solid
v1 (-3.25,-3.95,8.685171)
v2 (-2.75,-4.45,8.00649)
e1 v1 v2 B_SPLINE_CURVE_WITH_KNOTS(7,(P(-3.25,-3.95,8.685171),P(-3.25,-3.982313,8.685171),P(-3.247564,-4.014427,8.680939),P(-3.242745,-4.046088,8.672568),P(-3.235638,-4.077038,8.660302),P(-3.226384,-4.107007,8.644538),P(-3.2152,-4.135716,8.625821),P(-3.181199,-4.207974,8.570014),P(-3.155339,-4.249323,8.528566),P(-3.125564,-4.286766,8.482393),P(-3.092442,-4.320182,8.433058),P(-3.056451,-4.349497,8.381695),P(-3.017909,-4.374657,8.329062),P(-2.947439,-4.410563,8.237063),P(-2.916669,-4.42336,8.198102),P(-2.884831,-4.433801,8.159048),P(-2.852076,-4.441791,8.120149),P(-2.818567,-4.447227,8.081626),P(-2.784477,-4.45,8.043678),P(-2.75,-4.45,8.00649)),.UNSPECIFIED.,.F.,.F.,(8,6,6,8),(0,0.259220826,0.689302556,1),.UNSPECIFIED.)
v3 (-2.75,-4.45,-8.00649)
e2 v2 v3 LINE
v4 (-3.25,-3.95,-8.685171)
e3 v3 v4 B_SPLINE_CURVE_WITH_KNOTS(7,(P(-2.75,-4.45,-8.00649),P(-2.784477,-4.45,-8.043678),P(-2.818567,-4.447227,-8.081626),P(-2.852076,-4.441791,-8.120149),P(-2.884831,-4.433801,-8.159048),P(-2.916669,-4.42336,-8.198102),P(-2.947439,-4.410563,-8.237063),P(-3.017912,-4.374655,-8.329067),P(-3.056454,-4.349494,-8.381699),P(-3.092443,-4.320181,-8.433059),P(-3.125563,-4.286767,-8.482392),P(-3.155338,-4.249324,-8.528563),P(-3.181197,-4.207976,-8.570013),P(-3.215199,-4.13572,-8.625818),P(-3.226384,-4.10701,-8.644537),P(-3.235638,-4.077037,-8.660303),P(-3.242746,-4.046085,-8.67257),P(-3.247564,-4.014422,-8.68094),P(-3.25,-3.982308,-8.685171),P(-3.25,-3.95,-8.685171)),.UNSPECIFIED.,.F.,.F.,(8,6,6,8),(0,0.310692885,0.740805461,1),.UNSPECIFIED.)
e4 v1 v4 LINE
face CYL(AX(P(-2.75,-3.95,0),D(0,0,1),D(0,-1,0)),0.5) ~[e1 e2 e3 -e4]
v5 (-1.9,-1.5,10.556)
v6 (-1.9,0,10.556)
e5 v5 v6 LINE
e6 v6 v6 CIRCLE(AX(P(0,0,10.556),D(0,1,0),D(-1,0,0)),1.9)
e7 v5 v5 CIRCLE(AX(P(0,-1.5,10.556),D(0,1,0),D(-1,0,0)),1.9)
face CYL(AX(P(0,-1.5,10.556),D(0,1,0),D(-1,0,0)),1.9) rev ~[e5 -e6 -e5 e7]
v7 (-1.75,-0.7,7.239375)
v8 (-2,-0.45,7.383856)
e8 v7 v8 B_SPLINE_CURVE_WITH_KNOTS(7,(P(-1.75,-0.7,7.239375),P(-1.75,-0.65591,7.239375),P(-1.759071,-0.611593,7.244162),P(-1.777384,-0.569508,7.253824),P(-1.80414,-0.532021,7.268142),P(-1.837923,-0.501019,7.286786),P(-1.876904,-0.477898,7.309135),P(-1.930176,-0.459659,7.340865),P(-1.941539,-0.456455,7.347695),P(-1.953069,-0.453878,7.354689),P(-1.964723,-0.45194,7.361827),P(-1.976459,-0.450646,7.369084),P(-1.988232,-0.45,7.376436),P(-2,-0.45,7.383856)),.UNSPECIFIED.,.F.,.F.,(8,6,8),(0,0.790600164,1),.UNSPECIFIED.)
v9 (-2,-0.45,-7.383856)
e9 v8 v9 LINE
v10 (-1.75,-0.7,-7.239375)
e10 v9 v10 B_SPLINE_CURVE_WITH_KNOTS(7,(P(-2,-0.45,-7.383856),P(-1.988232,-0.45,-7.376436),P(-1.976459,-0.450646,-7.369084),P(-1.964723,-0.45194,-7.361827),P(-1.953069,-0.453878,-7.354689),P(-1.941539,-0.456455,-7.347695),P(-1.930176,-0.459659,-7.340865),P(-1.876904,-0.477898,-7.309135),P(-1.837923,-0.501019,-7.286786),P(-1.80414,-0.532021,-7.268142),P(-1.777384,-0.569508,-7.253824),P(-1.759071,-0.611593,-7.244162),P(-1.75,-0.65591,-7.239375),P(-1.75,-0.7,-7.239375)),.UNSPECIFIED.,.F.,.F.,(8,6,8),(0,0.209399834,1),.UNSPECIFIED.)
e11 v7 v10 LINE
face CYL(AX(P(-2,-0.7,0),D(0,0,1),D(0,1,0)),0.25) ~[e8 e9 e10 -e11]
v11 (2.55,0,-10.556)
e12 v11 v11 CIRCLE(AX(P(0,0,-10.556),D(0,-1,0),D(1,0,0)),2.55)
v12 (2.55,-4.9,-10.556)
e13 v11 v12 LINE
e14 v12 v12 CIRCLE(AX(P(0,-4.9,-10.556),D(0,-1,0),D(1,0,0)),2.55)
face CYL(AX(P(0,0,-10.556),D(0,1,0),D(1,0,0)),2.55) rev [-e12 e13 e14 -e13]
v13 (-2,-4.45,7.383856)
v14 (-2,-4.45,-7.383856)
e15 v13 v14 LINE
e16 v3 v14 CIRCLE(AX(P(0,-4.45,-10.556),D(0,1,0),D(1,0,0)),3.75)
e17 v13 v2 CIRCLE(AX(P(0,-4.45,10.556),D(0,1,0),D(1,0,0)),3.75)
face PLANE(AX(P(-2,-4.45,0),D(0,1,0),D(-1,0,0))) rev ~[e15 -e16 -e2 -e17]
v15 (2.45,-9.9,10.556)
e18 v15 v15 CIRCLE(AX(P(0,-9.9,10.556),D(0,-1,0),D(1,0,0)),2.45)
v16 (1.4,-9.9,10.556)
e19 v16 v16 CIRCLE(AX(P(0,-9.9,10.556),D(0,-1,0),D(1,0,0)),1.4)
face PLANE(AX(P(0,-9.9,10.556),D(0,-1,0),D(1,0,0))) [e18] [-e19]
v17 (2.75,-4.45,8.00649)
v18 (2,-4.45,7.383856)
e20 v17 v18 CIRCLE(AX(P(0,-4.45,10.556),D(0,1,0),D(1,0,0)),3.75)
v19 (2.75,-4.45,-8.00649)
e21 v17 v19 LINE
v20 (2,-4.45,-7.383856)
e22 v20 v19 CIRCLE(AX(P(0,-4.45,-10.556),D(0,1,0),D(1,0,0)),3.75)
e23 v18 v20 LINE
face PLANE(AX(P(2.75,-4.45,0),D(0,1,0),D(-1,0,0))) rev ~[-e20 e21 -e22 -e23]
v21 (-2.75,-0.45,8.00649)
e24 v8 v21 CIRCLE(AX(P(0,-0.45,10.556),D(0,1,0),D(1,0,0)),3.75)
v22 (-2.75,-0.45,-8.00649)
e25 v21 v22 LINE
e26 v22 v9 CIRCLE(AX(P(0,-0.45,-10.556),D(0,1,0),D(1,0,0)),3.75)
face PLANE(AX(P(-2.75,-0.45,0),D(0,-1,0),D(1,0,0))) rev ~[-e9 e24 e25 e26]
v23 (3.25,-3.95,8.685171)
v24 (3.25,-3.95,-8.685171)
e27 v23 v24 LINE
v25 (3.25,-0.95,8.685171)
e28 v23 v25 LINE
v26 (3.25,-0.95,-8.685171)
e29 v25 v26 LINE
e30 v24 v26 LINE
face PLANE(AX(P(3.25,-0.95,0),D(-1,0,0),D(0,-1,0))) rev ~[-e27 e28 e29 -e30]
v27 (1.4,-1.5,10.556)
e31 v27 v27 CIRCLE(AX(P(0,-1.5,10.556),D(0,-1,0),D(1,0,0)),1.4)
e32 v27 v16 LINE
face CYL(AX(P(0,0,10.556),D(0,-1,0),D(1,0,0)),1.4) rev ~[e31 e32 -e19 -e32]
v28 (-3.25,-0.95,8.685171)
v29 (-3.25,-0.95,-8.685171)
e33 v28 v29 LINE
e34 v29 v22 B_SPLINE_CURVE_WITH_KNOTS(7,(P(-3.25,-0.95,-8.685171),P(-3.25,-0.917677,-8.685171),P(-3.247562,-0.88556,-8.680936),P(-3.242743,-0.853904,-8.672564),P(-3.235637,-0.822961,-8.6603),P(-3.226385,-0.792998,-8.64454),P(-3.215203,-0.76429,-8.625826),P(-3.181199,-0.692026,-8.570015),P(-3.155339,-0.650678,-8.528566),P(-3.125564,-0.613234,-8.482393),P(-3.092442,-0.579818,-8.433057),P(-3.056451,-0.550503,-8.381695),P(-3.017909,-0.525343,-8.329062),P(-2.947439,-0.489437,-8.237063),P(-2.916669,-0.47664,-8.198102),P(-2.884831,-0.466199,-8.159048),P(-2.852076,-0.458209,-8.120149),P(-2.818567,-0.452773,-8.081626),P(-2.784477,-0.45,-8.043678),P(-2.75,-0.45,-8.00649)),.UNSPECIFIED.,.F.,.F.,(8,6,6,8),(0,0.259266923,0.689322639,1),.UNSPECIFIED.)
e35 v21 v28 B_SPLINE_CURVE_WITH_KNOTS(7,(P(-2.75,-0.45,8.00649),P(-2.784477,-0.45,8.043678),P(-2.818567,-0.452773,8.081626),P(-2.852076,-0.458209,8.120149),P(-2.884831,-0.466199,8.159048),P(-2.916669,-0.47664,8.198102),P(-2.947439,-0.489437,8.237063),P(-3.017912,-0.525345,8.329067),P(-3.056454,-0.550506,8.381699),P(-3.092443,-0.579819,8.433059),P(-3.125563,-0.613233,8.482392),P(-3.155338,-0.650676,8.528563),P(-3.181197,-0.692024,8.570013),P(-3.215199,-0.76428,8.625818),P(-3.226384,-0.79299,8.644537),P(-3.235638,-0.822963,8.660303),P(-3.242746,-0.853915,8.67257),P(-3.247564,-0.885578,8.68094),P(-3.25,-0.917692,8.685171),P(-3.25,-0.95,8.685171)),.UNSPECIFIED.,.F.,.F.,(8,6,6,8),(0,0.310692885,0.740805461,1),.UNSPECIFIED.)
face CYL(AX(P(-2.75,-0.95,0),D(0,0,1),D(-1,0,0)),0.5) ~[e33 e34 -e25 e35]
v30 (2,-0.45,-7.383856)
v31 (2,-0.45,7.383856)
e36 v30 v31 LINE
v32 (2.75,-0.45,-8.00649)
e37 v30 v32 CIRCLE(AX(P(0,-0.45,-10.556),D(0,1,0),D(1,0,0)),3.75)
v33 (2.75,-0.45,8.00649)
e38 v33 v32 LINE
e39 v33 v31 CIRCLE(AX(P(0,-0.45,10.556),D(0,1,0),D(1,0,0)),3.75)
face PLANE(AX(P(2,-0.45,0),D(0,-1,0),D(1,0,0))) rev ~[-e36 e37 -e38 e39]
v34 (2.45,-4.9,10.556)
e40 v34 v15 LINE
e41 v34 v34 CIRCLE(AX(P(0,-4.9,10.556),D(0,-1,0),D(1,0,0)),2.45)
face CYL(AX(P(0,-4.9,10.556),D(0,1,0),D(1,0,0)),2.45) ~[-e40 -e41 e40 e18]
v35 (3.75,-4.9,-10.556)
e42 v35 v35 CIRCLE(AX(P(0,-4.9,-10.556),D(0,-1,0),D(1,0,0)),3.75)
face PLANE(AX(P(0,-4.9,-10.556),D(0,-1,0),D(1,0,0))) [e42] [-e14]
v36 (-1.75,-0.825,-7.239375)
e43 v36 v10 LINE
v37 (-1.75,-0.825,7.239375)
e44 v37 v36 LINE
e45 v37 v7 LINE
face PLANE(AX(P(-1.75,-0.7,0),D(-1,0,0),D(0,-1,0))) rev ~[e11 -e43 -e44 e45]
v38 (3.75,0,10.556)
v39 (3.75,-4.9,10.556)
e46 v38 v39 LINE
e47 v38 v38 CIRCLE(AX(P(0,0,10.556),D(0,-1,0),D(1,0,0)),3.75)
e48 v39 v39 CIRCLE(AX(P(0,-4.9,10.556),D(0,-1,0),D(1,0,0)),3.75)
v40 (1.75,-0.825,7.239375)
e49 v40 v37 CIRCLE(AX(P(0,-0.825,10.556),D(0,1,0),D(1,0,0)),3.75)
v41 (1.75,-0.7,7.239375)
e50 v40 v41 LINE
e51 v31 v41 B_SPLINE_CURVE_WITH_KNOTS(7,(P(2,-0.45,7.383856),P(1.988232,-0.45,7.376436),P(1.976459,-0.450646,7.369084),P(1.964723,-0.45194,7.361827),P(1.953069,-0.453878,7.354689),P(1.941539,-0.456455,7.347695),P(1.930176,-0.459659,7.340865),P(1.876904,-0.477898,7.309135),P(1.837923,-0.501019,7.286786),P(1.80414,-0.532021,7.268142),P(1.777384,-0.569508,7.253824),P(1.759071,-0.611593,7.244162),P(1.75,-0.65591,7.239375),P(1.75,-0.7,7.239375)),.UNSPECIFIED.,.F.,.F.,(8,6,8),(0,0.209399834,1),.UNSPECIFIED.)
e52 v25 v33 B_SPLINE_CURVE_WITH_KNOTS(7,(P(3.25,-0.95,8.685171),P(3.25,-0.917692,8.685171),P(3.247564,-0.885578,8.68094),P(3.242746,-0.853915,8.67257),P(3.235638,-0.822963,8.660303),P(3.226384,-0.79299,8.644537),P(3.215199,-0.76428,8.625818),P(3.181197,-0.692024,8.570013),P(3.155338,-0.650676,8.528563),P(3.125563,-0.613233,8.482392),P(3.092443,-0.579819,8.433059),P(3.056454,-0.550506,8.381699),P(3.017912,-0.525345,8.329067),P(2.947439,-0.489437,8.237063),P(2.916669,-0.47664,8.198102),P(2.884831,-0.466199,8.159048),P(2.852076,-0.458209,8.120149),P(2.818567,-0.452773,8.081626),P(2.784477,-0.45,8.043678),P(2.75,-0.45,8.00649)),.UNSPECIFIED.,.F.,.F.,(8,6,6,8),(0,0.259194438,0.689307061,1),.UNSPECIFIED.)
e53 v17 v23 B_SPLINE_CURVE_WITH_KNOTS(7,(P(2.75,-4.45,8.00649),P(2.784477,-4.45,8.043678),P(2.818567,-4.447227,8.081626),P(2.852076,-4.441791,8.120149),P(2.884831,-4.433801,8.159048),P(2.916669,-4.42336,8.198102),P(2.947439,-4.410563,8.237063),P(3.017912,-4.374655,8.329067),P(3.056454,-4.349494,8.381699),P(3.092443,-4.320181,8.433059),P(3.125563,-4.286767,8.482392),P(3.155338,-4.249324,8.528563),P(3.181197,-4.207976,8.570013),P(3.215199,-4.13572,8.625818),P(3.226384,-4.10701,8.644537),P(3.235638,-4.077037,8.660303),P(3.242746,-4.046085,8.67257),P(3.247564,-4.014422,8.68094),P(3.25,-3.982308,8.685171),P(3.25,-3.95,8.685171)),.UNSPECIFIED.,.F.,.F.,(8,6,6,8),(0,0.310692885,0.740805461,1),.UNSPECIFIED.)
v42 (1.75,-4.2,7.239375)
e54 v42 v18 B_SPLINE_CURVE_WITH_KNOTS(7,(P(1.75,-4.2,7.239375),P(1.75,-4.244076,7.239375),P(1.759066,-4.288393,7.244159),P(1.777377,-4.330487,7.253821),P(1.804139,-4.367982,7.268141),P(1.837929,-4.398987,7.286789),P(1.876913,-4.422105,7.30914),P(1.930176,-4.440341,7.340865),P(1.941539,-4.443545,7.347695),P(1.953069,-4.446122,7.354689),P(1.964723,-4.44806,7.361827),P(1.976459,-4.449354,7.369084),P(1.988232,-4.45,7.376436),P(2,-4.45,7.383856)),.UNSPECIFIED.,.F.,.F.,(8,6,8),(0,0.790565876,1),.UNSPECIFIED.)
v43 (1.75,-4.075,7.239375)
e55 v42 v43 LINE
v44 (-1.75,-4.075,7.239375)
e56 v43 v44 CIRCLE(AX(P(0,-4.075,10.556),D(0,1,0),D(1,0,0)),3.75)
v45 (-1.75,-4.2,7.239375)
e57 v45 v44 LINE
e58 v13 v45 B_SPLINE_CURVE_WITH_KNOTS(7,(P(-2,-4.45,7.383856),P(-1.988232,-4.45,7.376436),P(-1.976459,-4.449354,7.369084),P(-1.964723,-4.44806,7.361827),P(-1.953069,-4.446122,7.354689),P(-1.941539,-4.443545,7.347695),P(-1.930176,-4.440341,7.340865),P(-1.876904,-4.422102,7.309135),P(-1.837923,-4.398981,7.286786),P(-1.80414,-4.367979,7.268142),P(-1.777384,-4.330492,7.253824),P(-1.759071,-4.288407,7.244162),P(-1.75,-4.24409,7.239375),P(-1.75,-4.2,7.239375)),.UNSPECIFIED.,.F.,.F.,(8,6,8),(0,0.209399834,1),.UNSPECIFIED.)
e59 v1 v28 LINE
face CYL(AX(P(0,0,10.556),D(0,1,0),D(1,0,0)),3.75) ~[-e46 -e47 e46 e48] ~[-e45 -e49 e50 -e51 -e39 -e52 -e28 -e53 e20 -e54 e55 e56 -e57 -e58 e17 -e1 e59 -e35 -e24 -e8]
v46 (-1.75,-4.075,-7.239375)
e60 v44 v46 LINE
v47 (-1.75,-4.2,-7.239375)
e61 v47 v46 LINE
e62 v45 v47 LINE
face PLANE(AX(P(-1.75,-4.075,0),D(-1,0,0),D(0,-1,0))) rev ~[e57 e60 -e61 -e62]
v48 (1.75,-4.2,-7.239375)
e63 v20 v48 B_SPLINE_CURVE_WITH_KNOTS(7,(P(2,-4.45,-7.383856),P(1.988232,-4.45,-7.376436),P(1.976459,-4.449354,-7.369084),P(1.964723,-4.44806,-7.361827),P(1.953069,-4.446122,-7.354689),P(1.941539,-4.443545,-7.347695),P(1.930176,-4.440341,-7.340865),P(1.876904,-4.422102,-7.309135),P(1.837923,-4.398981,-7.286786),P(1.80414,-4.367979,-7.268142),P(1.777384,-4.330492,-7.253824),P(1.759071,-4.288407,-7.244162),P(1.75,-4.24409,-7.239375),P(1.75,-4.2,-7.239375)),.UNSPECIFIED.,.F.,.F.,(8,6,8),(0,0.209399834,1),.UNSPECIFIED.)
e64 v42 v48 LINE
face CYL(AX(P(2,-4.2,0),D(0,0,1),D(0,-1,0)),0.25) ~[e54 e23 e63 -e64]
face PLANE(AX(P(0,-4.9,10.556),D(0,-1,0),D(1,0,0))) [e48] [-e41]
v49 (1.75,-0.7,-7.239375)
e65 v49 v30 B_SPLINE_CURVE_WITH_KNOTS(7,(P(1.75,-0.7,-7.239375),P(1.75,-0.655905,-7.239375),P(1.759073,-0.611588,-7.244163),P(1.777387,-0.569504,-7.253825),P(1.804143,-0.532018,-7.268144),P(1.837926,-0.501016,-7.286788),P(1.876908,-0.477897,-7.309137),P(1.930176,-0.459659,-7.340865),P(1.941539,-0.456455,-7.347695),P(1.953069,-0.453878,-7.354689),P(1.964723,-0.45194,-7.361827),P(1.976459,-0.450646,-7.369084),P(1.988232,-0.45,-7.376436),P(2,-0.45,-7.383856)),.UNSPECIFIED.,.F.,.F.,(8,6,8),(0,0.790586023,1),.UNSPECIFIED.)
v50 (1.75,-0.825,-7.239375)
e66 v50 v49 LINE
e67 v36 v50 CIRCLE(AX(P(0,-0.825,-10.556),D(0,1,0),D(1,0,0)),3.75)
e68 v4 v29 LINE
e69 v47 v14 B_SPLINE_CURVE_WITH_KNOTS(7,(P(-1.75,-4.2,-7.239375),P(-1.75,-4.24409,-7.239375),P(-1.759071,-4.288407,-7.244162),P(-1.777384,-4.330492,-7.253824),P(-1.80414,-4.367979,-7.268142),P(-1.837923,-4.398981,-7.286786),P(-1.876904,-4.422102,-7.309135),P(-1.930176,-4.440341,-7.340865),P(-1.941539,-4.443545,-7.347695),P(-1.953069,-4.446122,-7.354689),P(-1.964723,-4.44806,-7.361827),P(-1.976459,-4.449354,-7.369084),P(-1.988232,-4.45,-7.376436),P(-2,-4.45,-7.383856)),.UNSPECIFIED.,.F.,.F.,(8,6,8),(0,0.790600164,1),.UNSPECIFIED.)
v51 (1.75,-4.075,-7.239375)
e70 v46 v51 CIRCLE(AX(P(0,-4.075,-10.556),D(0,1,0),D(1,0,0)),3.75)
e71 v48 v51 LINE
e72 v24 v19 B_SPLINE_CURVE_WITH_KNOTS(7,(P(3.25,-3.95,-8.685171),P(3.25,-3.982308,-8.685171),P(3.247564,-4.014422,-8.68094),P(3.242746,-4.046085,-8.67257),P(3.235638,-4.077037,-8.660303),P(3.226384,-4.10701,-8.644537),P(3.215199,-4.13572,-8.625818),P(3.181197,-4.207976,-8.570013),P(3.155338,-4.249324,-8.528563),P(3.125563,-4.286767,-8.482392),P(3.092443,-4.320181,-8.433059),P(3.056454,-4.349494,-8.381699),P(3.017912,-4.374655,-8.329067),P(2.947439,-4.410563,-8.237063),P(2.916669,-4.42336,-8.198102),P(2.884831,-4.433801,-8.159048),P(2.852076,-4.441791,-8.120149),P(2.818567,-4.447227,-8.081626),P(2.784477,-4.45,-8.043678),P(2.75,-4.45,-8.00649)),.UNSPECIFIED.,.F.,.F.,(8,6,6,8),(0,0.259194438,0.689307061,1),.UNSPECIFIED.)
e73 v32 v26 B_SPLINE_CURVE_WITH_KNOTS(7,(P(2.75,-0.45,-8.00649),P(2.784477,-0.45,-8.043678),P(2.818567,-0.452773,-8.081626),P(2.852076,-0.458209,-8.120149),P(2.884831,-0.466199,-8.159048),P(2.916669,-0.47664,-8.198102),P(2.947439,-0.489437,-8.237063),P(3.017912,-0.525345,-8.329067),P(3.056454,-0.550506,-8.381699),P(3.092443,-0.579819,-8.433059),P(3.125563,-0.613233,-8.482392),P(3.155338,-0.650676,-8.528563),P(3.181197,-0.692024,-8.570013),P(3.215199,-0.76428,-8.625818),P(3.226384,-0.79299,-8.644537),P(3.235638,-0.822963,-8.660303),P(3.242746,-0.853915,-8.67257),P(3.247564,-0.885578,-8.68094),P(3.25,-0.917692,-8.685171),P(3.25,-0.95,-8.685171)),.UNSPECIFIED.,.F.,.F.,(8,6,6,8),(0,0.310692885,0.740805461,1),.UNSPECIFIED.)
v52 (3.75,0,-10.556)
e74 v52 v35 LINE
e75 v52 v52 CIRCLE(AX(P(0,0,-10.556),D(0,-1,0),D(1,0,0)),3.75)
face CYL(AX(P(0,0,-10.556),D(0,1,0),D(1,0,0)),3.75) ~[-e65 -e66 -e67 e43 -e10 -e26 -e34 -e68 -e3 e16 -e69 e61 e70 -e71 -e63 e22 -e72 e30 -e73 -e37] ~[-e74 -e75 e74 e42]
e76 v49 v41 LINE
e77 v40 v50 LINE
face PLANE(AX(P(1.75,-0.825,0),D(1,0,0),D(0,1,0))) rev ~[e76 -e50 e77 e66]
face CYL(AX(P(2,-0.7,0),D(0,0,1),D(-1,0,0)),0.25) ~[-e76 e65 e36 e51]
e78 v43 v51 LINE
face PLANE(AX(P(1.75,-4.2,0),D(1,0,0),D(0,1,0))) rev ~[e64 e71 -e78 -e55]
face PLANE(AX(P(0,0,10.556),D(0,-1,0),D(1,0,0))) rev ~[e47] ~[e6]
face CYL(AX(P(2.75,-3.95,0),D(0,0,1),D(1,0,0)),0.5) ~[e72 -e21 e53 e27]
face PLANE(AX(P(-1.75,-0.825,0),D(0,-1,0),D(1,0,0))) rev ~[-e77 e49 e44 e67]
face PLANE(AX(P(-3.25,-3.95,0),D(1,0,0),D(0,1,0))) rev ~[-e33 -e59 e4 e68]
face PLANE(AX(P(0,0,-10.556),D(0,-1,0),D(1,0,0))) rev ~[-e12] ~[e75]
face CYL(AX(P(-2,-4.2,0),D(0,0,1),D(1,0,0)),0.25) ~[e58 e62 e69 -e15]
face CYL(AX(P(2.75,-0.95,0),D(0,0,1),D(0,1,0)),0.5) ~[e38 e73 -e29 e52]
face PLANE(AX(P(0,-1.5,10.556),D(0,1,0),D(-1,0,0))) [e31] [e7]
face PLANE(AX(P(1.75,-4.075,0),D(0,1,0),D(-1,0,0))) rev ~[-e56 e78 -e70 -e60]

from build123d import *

# Parameters (mm, degrees)
F0_R           = 3.75
F0_R_2         = 2.55
F0_R_3         = 2.45
F1_DEPTH       = 4.9
F6_R           = 2.45
F7_DEPTH       = 5
F8_D           = 2.8
F8_CBORE_D     = 3.8
F8_CBORE_DEPTH = 1.5


with BuildPart() as f1:
    # F0 (on Front) → F1 (new body)
    with BuildSketch(Plane.XZ):
        with Locations((0, -10.556)):
            Circle(F0_R)
        with Locations((0, -10.556)):
            Circle(F0_R_2, mode=Mode.SUBTRACT)
        with Locations((0, 10.556)):
            Circle(F0_R)
        with Locations((0, 10.556)):
            Circle(F0_R_3, mode=Mode.SUBTRACT)
        with Locations((0, 10.556)):
            Circle(F0_R_3)
    extrude(amount=F1_DEPTH)

    # F2 (on Top) → F3 (join, up to the next surface of F1)
    with BuildSketch(Plane.XY):
        with BuildLine():
            Line((-2, -0.45), (-2.75, -0.45))
            ThreePointArc((-2.75, -0.45), (-3.1035533906, -0.5964466094), (-3.25, -0.95))
            Line((-3.25, -0.95), (-3.25, -3.95))
            ThreePointArc((-3.25, -3.95), (-3.1035533906, -4.3035533906), (-2.75, -4.45))
            Line((-2.75, -4.45), (-2, -4.45))
            ThreePointArc((-2, -4.45), (-1.8232233047, -4.3767766953), (-1.75, -4.2))
            Line((-1.75, -4.2), (-1.75, -4.075))
            Line((-1.75, -4.075), (1.75, -4.075))
            Line((1.75, -4.075), (1.75, -4.2))
            ThreePointArc((1.75, -4.2), (1.8232233047, -4.3767766953), (2, -4.45))
            Line((2, -4.45), (2.75, -4.45))
            ThreePointArc((2.75, -4.45), (3.1035533906, -4.3035533906), (3.25, -3.95))
            Line((3.25, -3.95), (3.25, -0.95))
            ThreePointArc((3.25, -0.95), (3.1035533906, -0.5964466094), (2.75, -0.45))
            Line((2.75, -0.45), (2, -0.45))
            ThreePointArc((2, -0.45), (1.8232233047, -0.5232233047), (1.75, -0.7))
            Line((1.75, -0.7), (1.75, -0.825))
            Line((1.75, -0.825), (-1.75, -0.825))
            Line((-1.75, -0.825), (-1.75, -0.7))
            ThreePointArc((-1.75, -0.7), (-1.8232233047, -0.5232233047), (-2, -0.45))
        make_face()
    extrude(until=Until.NEXT)

    # F3_face (on face) → F4 (join, up to the next surface of F1)
    with BuildSketch(Plane(origin=(0, -2.45, 0), x_dir=(1, 0, 0), z_dir=(0, 0, -1))):
        with BuildLine():
            Line((2, -2), (2.75, -2))
            ThreePointArc((2.75, -2), (3.1035533906, -1.8535533906), (3.25, -1.5))
            Line((3.25, -1.5), (3.25, 1.5))
            ThreePointArc((3.25, 1.5), (3.1035533906, 1.8535533906), (2.75, 2))
            Line((2.75, 2), (2, 2))
            ThreePointArc((2, 2), (1.8232233047, 1.9267766953), (1.75, 1.75))
            Line((1.75, 1.75), (1.75, 1.625))
            Line((1.75, 1.625), (-1.75, 1.625))
            Line((-1.75, 1.625), (-1.75, 1.75))
            ThreePointArc((-1.75, 1.75), (-1.8232233047, 1.9267766953), (-2, 2))
            Line((-2, 2), (-2.75, 2))
            ThreePointArc((-2.75, 2), (-3.1035533906, 1.8535533906), (-3.25, 1.5))
            Line((-3.25, 1.5), (-3.25, -1.5))
            ThreePointArc((-3.25, -1.5), (-3.1035533906, -1.8535533906), (-2.75, -2))
            Line((-2.75, -2), (-2, -2))
            ThreePointArc((-2, -2), (-1.8232233047, -1.9267766953), (-1.75, -1.75))
            Line((-1.75, -1.75), (-1.75, -1.625))
            Line((-1.75, -1.625), (1.75, -1.625))
            Line((1.75, -1.625), (1.75, -1.75))
            ThreePointArc((1.75, -1.75), (1.8232233047, -1.9267766953), (2, -2))
        make_face()
    extrude(until=Until.NEXT)

    # F6 (on face) → F7 (join)
    with BuildSketch(Plane.XZ.offset(4.9)):
        with Locations((0, 10.556)):
            Circle(F6_R)
    extrude(amount=F7_DEPTH)

    # F8 (through all)
    with Locations(Plane(origin=(0, 0, 0), x_dir=(-1, 0, 0), z_dir=(0, 1, 0))):
        with Locations((0, 10.556)):
            CounterBoreHole(F8_D / 2, F8_CBORE_D / 2, F8_CBORE_DEPTH)


solid = f1.part
